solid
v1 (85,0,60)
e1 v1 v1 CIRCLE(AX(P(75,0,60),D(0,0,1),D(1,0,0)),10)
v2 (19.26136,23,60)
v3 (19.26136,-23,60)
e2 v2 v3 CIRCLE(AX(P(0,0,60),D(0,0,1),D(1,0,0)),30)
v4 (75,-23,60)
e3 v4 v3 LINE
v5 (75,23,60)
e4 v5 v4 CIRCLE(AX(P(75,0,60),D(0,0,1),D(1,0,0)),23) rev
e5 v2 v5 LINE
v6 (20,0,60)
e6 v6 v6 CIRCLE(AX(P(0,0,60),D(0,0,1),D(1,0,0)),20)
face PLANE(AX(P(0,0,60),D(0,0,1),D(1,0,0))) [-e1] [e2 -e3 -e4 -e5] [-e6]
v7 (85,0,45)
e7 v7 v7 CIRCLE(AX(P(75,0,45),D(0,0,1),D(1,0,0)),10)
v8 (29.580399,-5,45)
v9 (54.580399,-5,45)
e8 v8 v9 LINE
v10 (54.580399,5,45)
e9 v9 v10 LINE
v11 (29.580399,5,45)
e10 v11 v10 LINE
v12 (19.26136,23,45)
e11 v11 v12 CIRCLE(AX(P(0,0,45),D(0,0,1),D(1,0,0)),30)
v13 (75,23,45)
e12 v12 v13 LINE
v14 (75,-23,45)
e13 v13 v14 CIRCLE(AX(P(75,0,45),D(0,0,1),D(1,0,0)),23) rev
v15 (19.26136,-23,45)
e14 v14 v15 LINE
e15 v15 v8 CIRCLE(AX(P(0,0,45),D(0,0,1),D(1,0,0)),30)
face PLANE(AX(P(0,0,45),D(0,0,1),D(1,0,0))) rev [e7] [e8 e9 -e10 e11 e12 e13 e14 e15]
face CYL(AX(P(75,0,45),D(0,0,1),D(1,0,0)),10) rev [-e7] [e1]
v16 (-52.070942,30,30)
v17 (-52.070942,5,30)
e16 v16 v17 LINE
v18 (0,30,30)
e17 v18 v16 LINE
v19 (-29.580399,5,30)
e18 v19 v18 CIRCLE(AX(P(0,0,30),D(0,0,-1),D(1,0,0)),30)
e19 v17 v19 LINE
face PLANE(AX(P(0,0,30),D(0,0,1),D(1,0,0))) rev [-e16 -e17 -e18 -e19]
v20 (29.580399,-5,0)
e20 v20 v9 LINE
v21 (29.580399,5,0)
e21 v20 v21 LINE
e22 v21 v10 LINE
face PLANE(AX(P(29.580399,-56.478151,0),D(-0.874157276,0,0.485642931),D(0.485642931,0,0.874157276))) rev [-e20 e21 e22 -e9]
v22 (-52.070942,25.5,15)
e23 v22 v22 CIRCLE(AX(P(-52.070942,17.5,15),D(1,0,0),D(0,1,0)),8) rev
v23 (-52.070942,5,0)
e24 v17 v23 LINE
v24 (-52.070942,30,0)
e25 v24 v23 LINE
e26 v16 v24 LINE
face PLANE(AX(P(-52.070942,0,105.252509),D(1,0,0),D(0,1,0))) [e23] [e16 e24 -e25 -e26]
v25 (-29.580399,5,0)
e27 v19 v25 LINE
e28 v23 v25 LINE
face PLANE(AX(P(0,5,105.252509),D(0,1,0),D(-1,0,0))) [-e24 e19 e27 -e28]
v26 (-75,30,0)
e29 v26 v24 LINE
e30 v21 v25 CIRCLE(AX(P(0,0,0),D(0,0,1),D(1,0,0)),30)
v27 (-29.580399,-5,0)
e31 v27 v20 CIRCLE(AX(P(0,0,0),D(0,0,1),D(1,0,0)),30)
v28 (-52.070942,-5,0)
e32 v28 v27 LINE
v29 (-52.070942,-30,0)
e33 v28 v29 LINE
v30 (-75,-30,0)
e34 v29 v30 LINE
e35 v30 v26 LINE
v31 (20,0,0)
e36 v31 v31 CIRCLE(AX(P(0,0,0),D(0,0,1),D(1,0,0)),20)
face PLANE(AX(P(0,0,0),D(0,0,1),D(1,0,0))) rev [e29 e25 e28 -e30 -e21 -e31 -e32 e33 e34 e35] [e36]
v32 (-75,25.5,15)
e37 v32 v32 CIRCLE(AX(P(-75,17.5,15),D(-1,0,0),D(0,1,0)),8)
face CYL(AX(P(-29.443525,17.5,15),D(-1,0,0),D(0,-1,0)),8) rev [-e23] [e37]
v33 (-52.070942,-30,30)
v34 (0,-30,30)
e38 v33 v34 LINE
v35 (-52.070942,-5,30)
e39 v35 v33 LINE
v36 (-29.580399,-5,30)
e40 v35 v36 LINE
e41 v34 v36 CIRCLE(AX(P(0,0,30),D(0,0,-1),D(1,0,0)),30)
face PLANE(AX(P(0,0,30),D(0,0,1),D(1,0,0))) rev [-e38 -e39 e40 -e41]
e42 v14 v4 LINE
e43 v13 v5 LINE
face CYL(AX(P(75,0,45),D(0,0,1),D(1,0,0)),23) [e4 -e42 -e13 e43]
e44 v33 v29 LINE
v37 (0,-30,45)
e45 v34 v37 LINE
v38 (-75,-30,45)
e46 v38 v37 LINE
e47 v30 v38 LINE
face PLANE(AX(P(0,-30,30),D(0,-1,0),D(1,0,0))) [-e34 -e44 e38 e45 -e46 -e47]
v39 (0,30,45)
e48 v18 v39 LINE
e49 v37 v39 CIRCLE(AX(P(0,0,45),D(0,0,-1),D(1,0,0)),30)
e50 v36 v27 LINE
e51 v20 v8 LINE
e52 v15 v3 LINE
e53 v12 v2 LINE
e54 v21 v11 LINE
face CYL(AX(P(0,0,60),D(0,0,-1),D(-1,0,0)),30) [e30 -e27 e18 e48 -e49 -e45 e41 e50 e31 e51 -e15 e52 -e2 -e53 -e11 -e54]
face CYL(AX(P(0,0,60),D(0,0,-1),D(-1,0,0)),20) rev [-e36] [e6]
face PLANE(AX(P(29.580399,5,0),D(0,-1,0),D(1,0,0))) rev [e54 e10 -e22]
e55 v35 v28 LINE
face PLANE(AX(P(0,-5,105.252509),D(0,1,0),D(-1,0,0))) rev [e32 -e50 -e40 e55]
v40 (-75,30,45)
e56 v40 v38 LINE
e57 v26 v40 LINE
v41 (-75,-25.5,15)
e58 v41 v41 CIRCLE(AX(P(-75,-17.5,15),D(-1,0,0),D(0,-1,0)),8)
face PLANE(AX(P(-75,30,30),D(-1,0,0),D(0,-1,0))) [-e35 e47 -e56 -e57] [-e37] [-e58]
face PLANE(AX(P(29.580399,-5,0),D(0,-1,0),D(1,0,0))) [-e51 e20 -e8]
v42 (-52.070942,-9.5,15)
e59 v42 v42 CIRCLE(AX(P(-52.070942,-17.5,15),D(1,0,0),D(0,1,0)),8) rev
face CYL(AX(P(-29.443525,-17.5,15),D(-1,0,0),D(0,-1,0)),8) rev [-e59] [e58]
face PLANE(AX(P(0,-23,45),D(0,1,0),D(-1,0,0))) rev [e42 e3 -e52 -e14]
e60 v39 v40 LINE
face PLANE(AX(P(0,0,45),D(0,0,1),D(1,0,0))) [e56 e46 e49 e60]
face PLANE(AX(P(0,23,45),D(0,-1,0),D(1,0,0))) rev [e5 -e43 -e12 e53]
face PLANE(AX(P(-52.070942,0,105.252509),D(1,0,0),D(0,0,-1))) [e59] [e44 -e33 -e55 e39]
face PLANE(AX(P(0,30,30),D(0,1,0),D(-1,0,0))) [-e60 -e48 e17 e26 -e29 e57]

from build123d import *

# Parameters (mm, degrees)
SKETCH1_R           = 30
SKETCH1_R_2         = 20
BOSS_EXTRUDE1_DEPTH = 60
BOSS_EXTRUDE3_START = -15
SKETCH2_R           = 10
BOSS_EXTRUDE3_DEPTH = 15
BOSS_EXTRUDE4_START = -30
BOSS_EXTRUDE4_DEPTH = 15
BOSS_EXTRUDE8_DEPTH = 30
SKETCH9_R           = 8
CUT_EXTRUDE2_DEPTH  = 22.929058222
BOSS_EXTRUDE9_START = 45
BOSS_EXTRUDE9_DEPTH = 45
CUT_EXTRUDE8_DEPTH  = 10


with BuildPart() as part:
    # Sketch1 → Boss-Extrude1 (new body)
    with BuildSketch(Plane.XY):
        Circle(SKETCH1_R)
        Circle(SKETCH1_R_2, mode=Mode.SUBTRACT)
    extrude(amount=BOSS_EXTRUDE1_DEPTH)

    # Sketch2 → Boss-Extrude3 (add)
    with BuildSketch(Plane.XY.offset(60).offset(BOSS_EXTRUDE3_START)):
        with BuildLine():
            Line((75, 23), (19.261360284, 23))
            ThreePointArc((19.261360284, 23), (27.18309041, 12.691713664), (30, 0))
            ThreePointArc((30, 0), (27.18309041, -12.691713664), (19.261360284, -23))
            Line((19.261360284, -23), (75, -23))
            ThreePointArc((75, -23), (98, 0), (75, 23))
        make_face()
        with Locations((75, 0)):
            Circle(SKETCH2_R, mode=Mode.SUBTRACT)
    extrude(amount=BOSS_EXTRUDE3_DEPTH)

    # Sketch3 → Boss-Extrude4 (add)
    with BuildSketch(Plane.XY.offset(60).offset(BOSS_EXTRUDE4_START)):
        with BuildLine():
            Line((0, -30), (-75, -30))
            Line((-75, -30), (-75, 30))
            Line((-75, 30), (0, 30))
            ThreePointArc((0, 30), (-30, 0), (0, -30))
        make_face()
    extrude(amount=BOSS_EXTRUDE4_DEPTH)

    # Sketch5 → Boss-Extrude8 (add)
    with BuildSketch(Plane(origin=(0, 0, 0), x_dir=(-1, 0, 0), z_dir=(0, 0, -1))):
        with BuildLine():
            Line((75, 5), (75, 30))
            Line((75, 30), (52.070941778, 30))
            Line((52.070941778, 30), (52.070941778, 5))
            Line((52.070941778, 5), (29.580398915, 5))
            ThreePointArc((29.580398915, 5), (29.894915684, 2.508787808), (30, 0))
            ThreePointArc((30, 0), (29.894915684, -2.508787808), (29.580398915, -5))
            Line((29.580398915, -5), (52.070941778, -5))
            Line((52.070941778, -5), (52.070941778, -30))
            Line((52.070941778, -30), (75, -30))
            Line((75, -30), (75, -5))
            Line((75, -5), (75, -4.926312307))
            Line((75, -4.926312307), (75, 4.981002017))
            Line((75, 4.981002017), (75, 5))
        make_face()
    extrude(amount=-BOSS_EXTRUDE8_DEPTH)

    # Sketch9 → Cut-Extrude2 (cut)
    with BuildSketch(Plane.ZY.offset(75)):
        with Locations(Location((15, -17.5, 0), (0, 0, 270))):
            Circle(SKETCH9_R)
        with Locations(Location((15, 17.5, 0), (0, 0, 90))):
            Circle(SKETCH9_R)
    extrude(amount=-CUT_EXTRUDE2_DEPTH, mode=Mode.SUBTRACT)

    # Sketch10 → Boss-Extrude9 (add)
    with BuildSketch(Plane(origin=(0, 0, 45), x_dir=(-1, 0, 0), z_dir=(0, 0, -1)).offset(BOSS_EXTRUDE9_START)):
        with BuildLine():
            Line((-29.580398915, 5), (-54.580398915, 5))
            Line((-54.580398915, 5), (-54.580398915, -5))
            Line((-54.580398915, -5), (-29.580398915, -5))
            ThreePointArc((-29.580398915, -5), (-30, 0), (-29.580398915, 5))
        make_face()
    extrude(amount=-BOSS_EXTRUDE9_DEPTH)

    # Sketch11 → Cut-Extrude8 (cut)
    with BuildSketch(Plane(origin=(0, 5, 0), x_dir=(1, 0, 0), z_dir=(0, 1, 0))):
        Polygon((29.580398915, 0), (54.580398915, -45), (54.580398915, 0), align=None)
    extrude(amount=-CUT_EXTRUDE8_DEPTH, mode=Mode.SUBTRACT)


solid = part.part
